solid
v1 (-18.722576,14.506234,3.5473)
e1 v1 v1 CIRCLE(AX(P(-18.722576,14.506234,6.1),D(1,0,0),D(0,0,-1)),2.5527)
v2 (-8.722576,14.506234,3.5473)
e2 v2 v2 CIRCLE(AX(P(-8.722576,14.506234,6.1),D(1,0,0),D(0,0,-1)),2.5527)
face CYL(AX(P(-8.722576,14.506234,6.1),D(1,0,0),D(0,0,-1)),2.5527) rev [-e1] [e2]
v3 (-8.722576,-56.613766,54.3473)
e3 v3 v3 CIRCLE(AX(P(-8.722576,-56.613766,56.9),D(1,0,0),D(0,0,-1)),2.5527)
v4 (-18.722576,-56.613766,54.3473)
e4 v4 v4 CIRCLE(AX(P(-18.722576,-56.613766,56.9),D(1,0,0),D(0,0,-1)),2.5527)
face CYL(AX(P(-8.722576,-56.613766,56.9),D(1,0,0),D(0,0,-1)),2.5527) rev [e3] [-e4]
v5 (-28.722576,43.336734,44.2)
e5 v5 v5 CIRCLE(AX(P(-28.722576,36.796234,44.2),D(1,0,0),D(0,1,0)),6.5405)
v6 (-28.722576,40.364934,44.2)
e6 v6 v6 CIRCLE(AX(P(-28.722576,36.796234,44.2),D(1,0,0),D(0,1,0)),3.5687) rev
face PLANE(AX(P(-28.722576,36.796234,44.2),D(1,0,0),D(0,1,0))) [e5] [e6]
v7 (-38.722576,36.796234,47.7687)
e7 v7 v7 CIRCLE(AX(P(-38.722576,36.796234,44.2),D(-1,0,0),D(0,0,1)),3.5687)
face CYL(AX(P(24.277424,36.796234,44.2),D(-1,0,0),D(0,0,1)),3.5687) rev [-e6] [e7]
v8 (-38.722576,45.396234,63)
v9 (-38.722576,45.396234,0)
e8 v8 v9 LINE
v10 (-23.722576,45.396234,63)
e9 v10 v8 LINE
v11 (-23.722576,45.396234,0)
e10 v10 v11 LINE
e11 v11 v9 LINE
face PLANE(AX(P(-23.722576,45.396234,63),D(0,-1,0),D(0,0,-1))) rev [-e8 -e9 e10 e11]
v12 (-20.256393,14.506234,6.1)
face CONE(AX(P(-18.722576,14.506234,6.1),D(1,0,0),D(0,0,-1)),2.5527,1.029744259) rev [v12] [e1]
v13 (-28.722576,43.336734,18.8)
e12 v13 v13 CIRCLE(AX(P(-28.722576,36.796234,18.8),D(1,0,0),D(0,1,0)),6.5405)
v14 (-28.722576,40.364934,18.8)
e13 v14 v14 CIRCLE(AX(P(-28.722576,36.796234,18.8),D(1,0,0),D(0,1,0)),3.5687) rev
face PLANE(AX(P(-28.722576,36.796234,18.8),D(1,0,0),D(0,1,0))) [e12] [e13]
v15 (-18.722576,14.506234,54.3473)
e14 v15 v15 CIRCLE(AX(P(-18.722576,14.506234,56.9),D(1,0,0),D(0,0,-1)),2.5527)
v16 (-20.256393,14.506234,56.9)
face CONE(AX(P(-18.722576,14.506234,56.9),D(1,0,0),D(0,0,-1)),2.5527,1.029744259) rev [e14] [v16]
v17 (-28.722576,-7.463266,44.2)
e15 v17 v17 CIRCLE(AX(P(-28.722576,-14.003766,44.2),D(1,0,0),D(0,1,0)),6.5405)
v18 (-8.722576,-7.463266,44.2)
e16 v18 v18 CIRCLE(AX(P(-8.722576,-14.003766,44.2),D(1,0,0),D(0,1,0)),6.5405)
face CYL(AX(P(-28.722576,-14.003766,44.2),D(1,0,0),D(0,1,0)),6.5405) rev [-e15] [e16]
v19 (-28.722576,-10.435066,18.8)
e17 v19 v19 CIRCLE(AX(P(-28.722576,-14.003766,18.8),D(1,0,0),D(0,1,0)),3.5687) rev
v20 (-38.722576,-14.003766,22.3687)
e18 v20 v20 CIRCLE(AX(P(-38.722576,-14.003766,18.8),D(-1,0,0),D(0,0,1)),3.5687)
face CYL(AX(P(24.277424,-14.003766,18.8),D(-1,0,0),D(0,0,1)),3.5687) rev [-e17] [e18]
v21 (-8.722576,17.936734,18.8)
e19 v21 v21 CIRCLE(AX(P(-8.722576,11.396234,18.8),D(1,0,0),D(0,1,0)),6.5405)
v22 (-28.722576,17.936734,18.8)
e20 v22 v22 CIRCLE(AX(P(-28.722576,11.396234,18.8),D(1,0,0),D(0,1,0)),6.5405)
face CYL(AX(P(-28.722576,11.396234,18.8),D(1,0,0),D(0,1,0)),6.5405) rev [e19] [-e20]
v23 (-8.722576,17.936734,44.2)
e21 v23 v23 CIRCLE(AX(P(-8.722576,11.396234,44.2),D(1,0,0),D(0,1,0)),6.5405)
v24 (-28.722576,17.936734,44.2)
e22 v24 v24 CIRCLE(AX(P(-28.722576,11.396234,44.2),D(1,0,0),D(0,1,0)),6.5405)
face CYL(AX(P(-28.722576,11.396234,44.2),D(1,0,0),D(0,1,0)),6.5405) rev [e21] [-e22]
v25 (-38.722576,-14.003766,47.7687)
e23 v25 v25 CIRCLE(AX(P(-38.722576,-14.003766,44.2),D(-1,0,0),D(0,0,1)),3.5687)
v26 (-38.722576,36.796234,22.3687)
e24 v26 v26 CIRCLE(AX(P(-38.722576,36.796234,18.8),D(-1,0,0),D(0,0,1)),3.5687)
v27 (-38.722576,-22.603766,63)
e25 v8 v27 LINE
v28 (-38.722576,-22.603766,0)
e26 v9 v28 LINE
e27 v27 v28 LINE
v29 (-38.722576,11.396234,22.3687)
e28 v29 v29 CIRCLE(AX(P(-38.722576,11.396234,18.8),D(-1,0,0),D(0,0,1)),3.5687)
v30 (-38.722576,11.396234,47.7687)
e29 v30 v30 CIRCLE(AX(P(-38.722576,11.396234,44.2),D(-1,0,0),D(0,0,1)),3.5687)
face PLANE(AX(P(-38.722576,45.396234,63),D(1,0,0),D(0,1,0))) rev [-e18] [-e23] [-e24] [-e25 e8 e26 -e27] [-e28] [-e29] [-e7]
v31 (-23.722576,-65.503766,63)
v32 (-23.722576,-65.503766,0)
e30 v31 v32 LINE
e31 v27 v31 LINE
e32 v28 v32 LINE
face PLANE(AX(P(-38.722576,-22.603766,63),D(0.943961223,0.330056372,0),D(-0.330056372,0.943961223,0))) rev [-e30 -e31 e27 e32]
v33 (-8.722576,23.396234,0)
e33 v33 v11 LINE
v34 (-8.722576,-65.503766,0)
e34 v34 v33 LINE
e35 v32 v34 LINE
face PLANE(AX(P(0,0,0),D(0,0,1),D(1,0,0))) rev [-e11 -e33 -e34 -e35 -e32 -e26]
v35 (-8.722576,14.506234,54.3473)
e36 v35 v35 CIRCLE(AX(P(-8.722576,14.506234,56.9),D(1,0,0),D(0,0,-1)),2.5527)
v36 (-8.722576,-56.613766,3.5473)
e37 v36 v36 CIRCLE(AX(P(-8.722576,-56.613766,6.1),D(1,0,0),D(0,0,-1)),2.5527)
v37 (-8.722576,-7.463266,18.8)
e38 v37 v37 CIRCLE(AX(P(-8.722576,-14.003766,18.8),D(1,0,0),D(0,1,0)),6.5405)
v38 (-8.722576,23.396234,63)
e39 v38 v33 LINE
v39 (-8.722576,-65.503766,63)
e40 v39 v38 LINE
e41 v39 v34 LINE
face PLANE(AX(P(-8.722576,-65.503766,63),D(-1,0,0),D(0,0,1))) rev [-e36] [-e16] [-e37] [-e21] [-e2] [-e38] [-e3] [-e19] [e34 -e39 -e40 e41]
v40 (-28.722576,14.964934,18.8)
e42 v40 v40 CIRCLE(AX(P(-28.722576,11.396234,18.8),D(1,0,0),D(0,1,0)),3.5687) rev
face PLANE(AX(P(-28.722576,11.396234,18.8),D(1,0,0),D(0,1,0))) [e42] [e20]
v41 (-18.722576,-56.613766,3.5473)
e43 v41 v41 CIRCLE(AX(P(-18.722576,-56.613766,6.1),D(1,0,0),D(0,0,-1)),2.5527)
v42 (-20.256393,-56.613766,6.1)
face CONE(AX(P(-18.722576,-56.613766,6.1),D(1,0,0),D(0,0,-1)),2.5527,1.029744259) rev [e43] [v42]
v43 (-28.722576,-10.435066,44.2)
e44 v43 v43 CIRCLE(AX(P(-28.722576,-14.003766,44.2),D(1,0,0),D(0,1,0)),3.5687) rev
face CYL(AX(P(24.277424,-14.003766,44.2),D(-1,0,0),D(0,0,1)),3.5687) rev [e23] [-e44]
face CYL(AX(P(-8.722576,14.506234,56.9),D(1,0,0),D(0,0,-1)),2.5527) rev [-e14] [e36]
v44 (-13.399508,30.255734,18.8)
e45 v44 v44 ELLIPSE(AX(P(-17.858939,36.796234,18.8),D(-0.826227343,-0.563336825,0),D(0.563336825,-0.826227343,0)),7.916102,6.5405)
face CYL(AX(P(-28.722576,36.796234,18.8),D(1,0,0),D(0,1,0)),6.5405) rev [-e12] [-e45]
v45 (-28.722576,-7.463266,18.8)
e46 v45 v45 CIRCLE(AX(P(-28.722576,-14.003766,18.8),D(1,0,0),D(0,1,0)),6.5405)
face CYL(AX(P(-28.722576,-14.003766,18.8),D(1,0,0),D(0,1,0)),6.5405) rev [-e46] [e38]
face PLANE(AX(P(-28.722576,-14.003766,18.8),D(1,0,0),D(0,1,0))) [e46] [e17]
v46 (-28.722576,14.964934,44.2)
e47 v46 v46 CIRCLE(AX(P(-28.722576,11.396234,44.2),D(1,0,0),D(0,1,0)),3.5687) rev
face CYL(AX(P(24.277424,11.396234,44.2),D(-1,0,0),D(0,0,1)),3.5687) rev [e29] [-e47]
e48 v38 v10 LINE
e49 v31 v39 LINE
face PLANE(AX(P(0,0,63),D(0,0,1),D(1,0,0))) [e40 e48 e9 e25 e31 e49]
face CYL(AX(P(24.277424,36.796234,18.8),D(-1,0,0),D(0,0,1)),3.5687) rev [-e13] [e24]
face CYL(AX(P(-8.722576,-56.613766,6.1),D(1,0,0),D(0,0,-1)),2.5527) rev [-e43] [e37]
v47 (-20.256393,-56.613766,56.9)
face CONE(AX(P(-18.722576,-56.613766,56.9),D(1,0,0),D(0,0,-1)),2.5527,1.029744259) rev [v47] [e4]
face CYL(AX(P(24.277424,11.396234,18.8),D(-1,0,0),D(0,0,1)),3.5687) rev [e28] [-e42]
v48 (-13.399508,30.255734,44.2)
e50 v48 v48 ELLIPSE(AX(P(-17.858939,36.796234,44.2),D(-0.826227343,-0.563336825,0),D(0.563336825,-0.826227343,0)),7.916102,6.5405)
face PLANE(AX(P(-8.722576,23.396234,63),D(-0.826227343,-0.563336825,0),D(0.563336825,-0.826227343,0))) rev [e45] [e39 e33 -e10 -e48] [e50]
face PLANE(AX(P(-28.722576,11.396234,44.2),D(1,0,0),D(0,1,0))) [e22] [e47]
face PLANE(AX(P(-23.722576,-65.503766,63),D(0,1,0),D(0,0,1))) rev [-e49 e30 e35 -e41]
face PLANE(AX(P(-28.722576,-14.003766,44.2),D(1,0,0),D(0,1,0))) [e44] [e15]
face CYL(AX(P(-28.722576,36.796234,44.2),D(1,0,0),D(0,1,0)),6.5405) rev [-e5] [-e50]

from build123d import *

# Parameters (mm, degrees)
BOSS_EXTRUDE1_DEPTH         = 63
SKETCH3_R                   = 3.5687
CUT_EXTRUDE1_DEPTH          = 63
SKETCH4_R                   = 6.5405
CUT_EXTRUDE2_DEPTH          = 20
F_1_4_20_TAPPED_HOLE1_D     = 5.1054
F_1_4_20_TAPPED_HOLE1_DEPTH = 10
F_1_4_20_TAPPED_HOLE1_TIP   = 1.533816902


with BuildPart() as part:
    # Sketch1 → Boss-Extrude1 (new body)
    with BuildSketch(Plane.XY):
        Polygon((-38.72257574, 45.396234333), (-38.72257574, -22.603765667), (-23.72257574, -65.503765667), (-8.72257574, -65.503765667), (-8.72257574, 23.396234333), (-23.72257574, 45.396234333), align=None)
    extrude(amount=BOSS_EXTRUDE1_DEPTH)

    # Sketch3 → Cut-Extrude1 (cut)
    with BuildSketch(Plane.ZY.offset(38.72257574)):
        with Locations((18.8, 36.796234333)):
            Circle(SKETCH3_R)
        with Locations((44.2, 36.796234333)):
            Circle(SKETCH3_R)
        with Locations((18.8, 11.396234333)):
            Circle(SKETCH3_R)
        with Locations((44.2, 11.396234333)):
            Circle(SKETCH3_R)
        with Locations((18.8, -14.003765667)):
            Circle(SKETCH3_R)
        with Locations((44.2, -14.003765667)):
            Circle(SKETCH3_R)
    extrude(amount=-CUT_EXTRUDE1_DEPTH, mode=Mode.SUBTRACT)

    # Sketch4 → Cut-Extrude2 (cut)
    with BuildSketch(Plane(origin=(-8.72257574, 0, 0), x_dir=(0, 0, -1), z_dir=(1, 0, 0))):
        with Locations((-44.2, -14.003765667)):
            Circle(SKETCH4_R)
        with Locations((-18.8, -14.003765667)):
            Circle(SKETCH4_R)
        with Locations((-18.8, 11.396234333)):
            Circle(SKETCH4_R)
        with Locations((-44.2, 36.796234333)):
            Circle(SKETCH4_R)
        with Locations((-18.8, 36.796234333)):
            Circle(SKETCH4_R)
        with Locations((-44.2, 11.396234333)):
            Circle(SKETCH4_R)
    extrude(amount=-CUT_EXTRUDE2_DEPTH, mode=Mode.SUBTRACT)

    # 1/4-20 Tapped Hole1
    with Locations(Plane(origin=(-8.72257574, 0, 0), x_dir=(0, 0, -1), z_dir=(1, 0, 0))):
        with Locations((-56.9, 14.506234333), (-6.1, 14.506234333), (-56.9, -56.613765667), (-6.1, -56.613765667)):
            Hole(F_1_4_20_TAPPED_HOLE1_D / 2, depth=F_1_4_20_TAPPED_HOLE1_DEPTH)
            with Locations((0, 0, -(F_1_4_20_TAPPED_HOLE1_DEPTH + F_1_4_20_TAPPED_HOLE1_TIP / 2))):  # 118° drill point
                Cone(0, F_1_4_20_TAPPED_HOLE1_D / 2, F_1_4_20_TAPPED_HOLE1_TIP, mode=Mode.SUBTRACT)


solid = part.part
